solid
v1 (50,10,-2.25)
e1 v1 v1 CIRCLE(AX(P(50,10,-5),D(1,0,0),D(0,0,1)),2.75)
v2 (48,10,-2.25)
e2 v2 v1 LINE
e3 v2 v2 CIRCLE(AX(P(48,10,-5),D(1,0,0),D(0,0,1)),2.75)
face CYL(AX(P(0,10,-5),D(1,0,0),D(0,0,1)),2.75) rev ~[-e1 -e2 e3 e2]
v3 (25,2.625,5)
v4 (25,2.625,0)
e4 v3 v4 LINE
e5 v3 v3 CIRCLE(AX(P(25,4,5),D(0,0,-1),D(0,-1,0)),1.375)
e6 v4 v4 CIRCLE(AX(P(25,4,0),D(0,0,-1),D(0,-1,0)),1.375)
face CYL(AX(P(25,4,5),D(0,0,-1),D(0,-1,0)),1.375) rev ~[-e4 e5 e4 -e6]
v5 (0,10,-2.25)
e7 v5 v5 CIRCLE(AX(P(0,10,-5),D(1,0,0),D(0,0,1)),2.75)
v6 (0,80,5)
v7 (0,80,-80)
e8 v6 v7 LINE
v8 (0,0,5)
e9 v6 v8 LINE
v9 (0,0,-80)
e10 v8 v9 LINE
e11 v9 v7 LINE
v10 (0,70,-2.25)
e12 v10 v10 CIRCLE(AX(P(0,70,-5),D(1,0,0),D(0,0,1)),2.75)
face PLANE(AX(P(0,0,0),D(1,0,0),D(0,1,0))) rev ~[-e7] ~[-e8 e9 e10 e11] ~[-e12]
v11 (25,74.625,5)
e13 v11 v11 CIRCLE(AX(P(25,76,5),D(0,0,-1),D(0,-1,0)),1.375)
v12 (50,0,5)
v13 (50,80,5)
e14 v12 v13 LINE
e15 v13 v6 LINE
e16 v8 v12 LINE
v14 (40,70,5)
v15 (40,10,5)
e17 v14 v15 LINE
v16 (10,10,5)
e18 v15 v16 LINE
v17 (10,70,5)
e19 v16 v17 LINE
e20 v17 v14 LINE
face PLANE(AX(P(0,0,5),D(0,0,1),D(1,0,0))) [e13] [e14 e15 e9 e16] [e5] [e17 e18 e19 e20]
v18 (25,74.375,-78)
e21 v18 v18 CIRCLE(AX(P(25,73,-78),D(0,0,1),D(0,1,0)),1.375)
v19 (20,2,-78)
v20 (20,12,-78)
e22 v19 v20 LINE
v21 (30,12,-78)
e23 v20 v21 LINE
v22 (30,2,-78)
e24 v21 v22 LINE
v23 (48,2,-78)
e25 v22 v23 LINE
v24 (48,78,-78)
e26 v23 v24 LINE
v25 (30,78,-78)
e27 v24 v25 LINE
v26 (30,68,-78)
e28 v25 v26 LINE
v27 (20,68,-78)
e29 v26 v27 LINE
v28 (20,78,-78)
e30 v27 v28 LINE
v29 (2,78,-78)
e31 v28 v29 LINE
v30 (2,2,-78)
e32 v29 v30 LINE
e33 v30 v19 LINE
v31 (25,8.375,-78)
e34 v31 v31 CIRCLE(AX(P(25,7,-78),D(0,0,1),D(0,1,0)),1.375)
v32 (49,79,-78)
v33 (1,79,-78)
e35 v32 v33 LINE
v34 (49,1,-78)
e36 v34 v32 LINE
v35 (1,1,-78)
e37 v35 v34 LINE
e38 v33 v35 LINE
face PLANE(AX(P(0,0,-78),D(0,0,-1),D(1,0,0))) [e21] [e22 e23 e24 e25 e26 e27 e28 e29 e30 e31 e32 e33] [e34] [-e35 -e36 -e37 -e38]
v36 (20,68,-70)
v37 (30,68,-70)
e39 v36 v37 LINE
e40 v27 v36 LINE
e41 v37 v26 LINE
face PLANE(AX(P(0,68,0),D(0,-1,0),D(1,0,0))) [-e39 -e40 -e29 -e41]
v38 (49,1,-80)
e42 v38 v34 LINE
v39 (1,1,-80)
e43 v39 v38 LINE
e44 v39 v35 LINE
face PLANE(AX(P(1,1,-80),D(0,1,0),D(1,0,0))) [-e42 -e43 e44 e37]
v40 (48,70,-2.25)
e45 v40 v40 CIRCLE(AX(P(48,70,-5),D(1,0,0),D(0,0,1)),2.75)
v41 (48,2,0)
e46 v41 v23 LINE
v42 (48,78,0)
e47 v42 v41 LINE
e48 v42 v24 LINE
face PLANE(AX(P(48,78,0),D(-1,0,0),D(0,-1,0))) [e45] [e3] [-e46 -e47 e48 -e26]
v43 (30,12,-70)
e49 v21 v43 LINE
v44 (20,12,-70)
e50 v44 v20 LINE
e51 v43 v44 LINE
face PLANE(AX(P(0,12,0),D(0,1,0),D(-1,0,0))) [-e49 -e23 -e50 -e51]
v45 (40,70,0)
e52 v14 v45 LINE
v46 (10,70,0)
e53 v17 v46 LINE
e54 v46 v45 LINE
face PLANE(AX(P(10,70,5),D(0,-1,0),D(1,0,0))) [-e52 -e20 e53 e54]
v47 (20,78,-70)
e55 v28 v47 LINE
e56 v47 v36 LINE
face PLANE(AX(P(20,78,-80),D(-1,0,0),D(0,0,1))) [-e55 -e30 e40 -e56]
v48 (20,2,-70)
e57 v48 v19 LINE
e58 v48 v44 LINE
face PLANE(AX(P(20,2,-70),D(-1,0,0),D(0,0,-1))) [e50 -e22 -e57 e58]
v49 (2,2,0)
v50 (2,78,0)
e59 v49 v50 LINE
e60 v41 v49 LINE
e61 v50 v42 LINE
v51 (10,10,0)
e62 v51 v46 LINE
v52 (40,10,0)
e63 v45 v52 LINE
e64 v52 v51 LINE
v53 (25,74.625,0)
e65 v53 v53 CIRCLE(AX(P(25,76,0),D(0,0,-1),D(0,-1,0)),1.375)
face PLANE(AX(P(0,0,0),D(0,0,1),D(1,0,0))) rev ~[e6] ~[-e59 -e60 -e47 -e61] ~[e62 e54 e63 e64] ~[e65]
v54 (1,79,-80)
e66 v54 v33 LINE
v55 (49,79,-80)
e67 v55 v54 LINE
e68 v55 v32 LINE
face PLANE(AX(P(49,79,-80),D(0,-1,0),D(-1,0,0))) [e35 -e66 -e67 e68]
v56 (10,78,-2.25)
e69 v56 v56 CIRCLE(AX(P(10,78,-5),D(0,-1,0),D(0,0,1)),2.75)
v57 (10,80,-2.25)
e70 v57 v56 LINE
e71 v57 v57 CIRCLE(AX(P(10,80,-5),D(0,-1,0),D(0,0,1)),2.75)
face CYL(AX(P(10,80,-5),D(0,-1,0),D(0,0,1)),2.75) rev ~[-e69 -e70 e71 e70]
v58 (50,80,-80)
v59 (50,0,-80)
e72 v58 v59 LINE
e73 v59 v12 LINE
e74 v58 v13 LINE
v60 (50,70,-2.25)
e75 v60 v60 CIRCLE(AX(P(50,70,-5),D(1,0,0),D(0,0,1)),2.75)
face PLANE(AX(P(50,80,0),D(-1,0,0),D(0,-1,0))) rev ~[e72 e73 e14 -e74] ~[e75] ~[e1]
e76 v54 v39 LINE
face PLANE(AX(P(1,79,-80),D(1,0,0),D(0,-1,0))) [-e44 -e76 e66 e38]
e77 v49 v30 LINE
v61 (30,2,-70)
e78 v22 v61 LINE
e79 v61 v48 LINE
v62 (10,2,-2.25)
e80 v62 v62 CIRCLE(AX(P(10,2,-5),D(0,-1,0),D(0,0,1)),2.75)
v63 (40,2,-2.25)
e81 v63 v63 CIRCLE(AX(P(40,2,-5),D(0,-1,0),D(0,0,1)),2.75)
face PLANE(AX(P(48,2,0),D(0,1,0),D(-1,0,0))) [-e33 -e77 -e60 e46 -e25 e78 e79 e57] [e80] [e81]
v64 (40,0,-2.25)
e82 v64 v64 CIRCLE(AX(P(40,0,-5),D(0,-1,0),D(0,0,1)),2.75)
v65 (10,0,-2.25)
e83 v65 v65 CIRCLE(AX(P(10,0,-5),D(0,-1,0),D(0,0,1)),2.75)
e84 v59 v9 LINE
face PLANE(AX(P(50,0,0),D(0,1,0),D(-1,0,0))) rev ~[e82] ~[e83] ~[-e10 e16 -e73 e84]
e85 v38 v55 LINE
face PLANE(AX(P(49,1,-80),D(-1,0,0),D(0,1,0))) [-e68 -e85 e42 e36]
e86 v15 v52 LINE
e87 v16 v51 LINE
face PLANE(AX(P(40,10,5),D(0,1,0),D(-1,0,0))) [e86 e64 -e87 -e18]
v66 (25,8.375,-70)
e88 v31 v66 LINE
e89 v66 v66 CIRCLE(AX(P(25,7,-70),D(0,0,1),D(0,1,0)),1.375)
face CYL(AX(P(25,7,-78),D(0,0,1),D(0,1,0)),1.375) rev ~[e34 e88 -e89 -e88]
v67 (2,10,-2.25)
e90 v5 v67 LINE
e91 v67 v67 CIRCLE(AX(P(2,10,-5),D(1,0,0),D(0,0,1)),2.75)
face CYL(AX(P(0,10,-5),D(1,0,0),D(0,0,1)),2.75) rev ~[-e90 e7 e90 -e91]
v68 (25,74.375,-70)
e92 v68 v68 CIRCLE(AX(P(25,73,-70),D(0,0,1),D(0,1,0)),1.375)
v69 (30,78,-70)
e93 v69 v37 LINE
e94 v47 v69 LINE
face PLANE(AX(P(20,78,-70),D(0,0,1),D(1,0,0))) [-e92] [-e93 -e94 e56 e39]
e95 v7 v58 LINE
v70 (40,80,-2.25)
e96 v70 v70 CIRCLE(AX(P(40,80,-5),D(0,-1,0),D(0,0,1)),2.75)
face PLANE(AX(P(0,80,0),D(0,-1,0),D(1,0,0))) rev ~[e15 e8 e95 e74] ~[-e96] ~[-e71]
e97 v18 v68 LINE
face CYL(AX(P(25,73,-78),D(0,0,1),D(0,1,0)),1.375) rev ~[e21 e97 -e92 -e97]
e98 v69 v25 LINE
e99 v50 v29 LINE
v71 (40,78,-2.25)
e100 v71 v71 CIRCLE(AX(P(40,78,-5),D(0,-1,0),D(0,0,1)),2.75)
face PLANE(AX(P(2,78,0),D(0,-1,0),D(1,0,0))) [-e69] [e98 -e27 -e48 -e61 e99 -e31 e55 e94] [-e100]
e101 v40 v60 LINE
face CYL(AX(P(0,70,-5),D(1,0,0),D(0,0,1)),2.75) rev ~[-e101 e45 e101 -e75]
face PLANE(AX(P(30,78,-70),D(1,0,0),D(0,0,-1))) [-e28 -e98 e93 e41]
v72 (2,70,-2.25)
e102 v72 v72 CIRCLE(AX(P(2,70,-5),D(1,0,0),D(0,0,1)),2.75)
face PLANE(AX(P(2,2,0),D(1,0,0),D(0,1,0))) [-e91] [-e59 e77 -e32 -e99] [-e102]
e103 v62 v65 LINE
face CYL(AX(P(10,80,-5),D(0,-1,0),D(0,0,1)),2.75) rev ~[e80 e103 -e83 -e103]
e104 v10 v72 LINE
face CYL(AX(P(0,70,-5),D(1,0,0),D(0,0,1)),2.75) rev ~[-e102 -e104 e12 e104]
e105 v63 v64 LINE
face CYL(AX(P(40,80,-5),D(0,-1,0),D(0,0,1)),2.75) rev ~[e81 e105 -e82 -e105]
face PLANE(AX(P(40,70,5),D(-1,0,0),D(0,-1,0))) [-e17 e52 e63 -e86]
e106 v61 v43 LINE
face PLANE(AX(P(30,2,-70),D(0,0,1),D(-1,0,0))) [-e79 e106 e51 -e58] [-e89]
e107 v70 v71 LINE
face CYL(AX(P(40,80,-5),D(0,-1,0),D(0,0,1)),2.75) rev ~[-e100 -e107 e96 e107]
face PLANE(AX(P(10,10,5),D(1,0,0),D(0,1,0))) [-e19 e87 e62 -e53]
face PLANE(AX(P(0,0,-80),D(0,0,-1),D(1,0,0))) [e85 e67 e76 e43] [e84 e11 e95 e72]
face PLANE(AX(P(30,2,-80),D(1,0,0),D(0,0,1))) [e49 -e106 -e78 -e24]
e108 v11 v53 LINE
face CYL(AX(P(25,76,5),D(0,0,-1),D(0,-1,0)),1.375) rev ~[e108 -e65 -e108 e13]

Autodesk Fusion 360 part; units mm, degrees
sketch "Sketch1" plane through (0, 0, 0) normal (0, 0, 1) x (1, 0, 0)
  line L0 (0, 0) -> (50, 0)
  line L1 (50, 0) -> (50, 80)
  line L2 (50, 80) -> (0, 80)
  line L3 (0, 80) -> (0, 0)
  dimension "d1" = 50
  dimension "d2" = 80
extrude "Extrude1" add sketch "Sketch1" along normal blind 5
sketch "Sketch2" plane through (0, 0, 5) normal (0, 0, 1) x (-1, 0, 0)
  line L0 (0, -80) -> (0, 0)
  line L1 (0, 0) -> (-50, 0)
  line L2 (-50, 0) -> (-50, -80)
  line L3 (-50, -80) -> (0, -80)
  line L4 (-40, -10) -> (-10, -10)
  line L5 (-10, -10) -> (-10, -70)
  line L6 (-10, -70) -> (-40, -70)
  line L7 (-40, -70) -> (-40, -10)
  line L8 (-40, -10) -> (-10, -70) construction
  line L9 (-10, -10) -> (-40, -70) construction
  point P0 (-25, -40)
  point P1 (-25, -40)
  dimension "d5" = 30
  dimension "d6" = 60
extrude "Extrude2" cut sketch "Sketch2" against normal blind 6 contours L4 L5 L6 L7
sketch "Sketch3" plane through (0, 0, 5) normal (0, 0, 1) x (-1, 0, 0)
  line L0 (-10, -10) -> (-10, -70)
  line L1 (-10, -70) -> (-40, -70)
  line L2 (-40, -70) -> (-40, -10)
  line L3 (-40, -10) -> (-10, -10)
  line L4 (0, -80) -> (0, 0)
  line L5 (0, 0) -> (-50, 0)
  line L6 (-50, 0) -> (-50, -80)
  line L7 (-50, -80) -> (0, -80)
  point P0 (-25, -76)
  point P1 (-25, -4)
hole "Hole1" at (25, 76, 5) at (25, 4, 5) direction (0, 0, -1) diameter 2.75 depth 15 tip angle 118
sketch "Sketch4" plane through (0, 0, 0) normal (0, 0, -1) x (1, 0, 0)
  circle A0 centre (25, -76) radius 1.375
  circle A1 centre (25, -4) radius 1.375
  line L0 (10, -70) -> (10, -10)
  line L1 (10, -10) -> (40, -10)
  line L2 (40, -10) -> (40, -70)
  line L3 (40, -70) -> (10, -70)
  line L4 (0, 0) -> (0, -80)
  line L5 (0, -80) -> (50, -80)
  line L6 (50, -80) -> (50, 0)
  line L7 (50, 0) -> (0, 0)
  line L8 (48, -2) -> (2, -2)
  line L9 (2, -2) -> (2, -78)
  line L10 (2, -78) -> (48, -78)
  line L11 (48, -78) -> (48, -2)
extrude "Extrude3" add sketch "Sketch4" along normal blind 80 contours L4 L5 L6 L7
sketch "Sketch5" plane through (0, 0, 0) normal (-1, 0, 0) x (0, -1, 0)
  line L0 (0, -80) -> (0, 5)
  line L1 (0, 5) -> (-80, 5)
  line L2 (-80, 5) -> (-80, -80)
  line L3 (-80, -80) -> (0, -80)
  point P0 (-10, -5)
  point P1 (-70, -5)
hole "Hole2" at (0, 10, -5) at (0, 70, -5) direction (1, 0, 0) diameter 5.5 depth 100 tip angle 118
sketch "Sketch6" plane through (0, 80, 0) normal (0, 1, 0) x (-1, 0, 0)
  line L0 (0, -80) -> (0, 5)
  line L1 (0, 5) -> (-50, 5)
  line L2 (-50, 5) -> (-50, -80)
  line L3 (-50, -80) -> (0, -80)
  point P0 (-10, -5)
  point P1 (-40, -5)
hole "Hole3" at (40, 80, -5) at (10, 80, -5) direction (0, -1, 0) diameter 5.5 depth 100 tip angle 118
sketch "Sketch7" plane through (0, 78, 0) normal (0, -1, 0) x (1, 0, 0)
  circle A0 centre (40, -5) radius 2.75
  circle A1 centre (10, -5) radius 2.75
  line L0 (48, 0) -> (2, 0)
  line L1 (2, 0) -> (2, -80)
  line L2 (2, -80) -> (48, -80)
  line L3 (48, -80) -> (48, 0)
  line L4 (30, -80) -> (20, -80)
  line L5 (20, -80) -> (20, -70)
  line L6 (20, -70) -> (30, -70)
  line L7 (30, -70) -> (30, -80)
  dimension "d20" = 10
  dimension "d21" = 10
extrude "Extrude4" add sketch "Sketch7" along normal blind 10 contours L2 L4 L5 L6 L7
sketch "Sketch8" plane through (0, 2, 0) normal (0, 1, 0) x (-1, 0, 0)
  circle A0 centre (-40, -5) radius 2.75
  circle A1 centre (-10, -5) radius 2.75
  line L0 (-2, 0) -> (-48, 0)
  line L1 (-48, 0) -> (-48, -80)
  line L2 (-48, -80) -> (-2, -80)
  line L3 (-2, -80) -> (-2, 0)
  line L4 (-20, -80) -> (-30, -80)
  line L5 (-30, -80) -> (-30, -70)
  line L6 (-30, -70) -> (-20, -70)
  line L7 (-20, -70) -> (-20, -80)
  dimension "d24" = 10
  dimension "d25" = 10
extrude "Extrude5" add sketch "Sketch8" along normal blind 10 contours L2 L4 L5 L6 L7
sketch "Sketch9" plane through (0, 0, -80) normal (0, 0, -1) x (1, 0, 0)
  line L0 (48, -2) -> (48, -78)
  line L1 (48, -78) -> (30, -78)
  line L2 (30, -78) -> (30, -68)
  line L3 (30, -68) -> (20, -68)
  line L4 (20, -68) -> (20, -78)
  line L5 (20, -78) -> (2, -78)
  line L6 (2, -78) -> (2, -2)
  line L7 (2, -2) -> (20, -2)
  line L8 (20, -2) -> (20, -12)
  line L9 (20, -12) -> (30, -12)
  line L10 (30, -12) -> (30, -2)
  line L11 (30, -2) -> (48, -2)
  line L12 (50, 0) -> (0, 0)
  line L13 (0, 0) -> (0, -80)
  line L14 (0, -80) -> (50, -80)
  line L15 (50, -80) -> (50, 0)
  line L16 (1, -1) -> (49, -1)
  line L17 (49, -1) -> (49, -79)
  line L18 (49, -79) -> (1, -79)
  line L19 (1, -79) -> (1, -1)
extrude "Extrude6" cut sketch "Sketch9" against normal blind 2 contours L16 L17 L18 L19
sketch "Sketch10" plane through (0, 0, -78) normal (0, 0, -1) x (1, 0, 0)
  line L0 (30, -12) -> (30, -2)
  line L1 (30, -2) -> (48, -2)
  line L2 (48, -2) -> (48, -78)
  line L3 (48, -78) -> (30, -78)
  line L4 (30, -78) -> (30, -68)
  line L5 (30, -68) -> (20, -68)
  line L6 (20, -68) -> (20, -78)
  line L7 (20, -78) -> (2, -78)
  line L8 (2, -78) -> (2, -2)
  line L9 (2, -2) -> (20, -2)
  line L10 (20, -2) -> (20, -12)
  line L11 (20, -12) -> (30, -12)
  line L12 (1, -79) -> (49, -79)
  line L13 (49, -79) -> (49, -1)
  line L14 (49, -1) -> (1, -1)
  line L15 (1, -1) -> (1, -79)
  point P0 (25, -7)
  point P1 (25, -73)
hole "Hole4" at (25, 7, -78) at (25, 73, -78) direction (0, 0, 1) diameter 2.75 depth 11 tip angle 180
